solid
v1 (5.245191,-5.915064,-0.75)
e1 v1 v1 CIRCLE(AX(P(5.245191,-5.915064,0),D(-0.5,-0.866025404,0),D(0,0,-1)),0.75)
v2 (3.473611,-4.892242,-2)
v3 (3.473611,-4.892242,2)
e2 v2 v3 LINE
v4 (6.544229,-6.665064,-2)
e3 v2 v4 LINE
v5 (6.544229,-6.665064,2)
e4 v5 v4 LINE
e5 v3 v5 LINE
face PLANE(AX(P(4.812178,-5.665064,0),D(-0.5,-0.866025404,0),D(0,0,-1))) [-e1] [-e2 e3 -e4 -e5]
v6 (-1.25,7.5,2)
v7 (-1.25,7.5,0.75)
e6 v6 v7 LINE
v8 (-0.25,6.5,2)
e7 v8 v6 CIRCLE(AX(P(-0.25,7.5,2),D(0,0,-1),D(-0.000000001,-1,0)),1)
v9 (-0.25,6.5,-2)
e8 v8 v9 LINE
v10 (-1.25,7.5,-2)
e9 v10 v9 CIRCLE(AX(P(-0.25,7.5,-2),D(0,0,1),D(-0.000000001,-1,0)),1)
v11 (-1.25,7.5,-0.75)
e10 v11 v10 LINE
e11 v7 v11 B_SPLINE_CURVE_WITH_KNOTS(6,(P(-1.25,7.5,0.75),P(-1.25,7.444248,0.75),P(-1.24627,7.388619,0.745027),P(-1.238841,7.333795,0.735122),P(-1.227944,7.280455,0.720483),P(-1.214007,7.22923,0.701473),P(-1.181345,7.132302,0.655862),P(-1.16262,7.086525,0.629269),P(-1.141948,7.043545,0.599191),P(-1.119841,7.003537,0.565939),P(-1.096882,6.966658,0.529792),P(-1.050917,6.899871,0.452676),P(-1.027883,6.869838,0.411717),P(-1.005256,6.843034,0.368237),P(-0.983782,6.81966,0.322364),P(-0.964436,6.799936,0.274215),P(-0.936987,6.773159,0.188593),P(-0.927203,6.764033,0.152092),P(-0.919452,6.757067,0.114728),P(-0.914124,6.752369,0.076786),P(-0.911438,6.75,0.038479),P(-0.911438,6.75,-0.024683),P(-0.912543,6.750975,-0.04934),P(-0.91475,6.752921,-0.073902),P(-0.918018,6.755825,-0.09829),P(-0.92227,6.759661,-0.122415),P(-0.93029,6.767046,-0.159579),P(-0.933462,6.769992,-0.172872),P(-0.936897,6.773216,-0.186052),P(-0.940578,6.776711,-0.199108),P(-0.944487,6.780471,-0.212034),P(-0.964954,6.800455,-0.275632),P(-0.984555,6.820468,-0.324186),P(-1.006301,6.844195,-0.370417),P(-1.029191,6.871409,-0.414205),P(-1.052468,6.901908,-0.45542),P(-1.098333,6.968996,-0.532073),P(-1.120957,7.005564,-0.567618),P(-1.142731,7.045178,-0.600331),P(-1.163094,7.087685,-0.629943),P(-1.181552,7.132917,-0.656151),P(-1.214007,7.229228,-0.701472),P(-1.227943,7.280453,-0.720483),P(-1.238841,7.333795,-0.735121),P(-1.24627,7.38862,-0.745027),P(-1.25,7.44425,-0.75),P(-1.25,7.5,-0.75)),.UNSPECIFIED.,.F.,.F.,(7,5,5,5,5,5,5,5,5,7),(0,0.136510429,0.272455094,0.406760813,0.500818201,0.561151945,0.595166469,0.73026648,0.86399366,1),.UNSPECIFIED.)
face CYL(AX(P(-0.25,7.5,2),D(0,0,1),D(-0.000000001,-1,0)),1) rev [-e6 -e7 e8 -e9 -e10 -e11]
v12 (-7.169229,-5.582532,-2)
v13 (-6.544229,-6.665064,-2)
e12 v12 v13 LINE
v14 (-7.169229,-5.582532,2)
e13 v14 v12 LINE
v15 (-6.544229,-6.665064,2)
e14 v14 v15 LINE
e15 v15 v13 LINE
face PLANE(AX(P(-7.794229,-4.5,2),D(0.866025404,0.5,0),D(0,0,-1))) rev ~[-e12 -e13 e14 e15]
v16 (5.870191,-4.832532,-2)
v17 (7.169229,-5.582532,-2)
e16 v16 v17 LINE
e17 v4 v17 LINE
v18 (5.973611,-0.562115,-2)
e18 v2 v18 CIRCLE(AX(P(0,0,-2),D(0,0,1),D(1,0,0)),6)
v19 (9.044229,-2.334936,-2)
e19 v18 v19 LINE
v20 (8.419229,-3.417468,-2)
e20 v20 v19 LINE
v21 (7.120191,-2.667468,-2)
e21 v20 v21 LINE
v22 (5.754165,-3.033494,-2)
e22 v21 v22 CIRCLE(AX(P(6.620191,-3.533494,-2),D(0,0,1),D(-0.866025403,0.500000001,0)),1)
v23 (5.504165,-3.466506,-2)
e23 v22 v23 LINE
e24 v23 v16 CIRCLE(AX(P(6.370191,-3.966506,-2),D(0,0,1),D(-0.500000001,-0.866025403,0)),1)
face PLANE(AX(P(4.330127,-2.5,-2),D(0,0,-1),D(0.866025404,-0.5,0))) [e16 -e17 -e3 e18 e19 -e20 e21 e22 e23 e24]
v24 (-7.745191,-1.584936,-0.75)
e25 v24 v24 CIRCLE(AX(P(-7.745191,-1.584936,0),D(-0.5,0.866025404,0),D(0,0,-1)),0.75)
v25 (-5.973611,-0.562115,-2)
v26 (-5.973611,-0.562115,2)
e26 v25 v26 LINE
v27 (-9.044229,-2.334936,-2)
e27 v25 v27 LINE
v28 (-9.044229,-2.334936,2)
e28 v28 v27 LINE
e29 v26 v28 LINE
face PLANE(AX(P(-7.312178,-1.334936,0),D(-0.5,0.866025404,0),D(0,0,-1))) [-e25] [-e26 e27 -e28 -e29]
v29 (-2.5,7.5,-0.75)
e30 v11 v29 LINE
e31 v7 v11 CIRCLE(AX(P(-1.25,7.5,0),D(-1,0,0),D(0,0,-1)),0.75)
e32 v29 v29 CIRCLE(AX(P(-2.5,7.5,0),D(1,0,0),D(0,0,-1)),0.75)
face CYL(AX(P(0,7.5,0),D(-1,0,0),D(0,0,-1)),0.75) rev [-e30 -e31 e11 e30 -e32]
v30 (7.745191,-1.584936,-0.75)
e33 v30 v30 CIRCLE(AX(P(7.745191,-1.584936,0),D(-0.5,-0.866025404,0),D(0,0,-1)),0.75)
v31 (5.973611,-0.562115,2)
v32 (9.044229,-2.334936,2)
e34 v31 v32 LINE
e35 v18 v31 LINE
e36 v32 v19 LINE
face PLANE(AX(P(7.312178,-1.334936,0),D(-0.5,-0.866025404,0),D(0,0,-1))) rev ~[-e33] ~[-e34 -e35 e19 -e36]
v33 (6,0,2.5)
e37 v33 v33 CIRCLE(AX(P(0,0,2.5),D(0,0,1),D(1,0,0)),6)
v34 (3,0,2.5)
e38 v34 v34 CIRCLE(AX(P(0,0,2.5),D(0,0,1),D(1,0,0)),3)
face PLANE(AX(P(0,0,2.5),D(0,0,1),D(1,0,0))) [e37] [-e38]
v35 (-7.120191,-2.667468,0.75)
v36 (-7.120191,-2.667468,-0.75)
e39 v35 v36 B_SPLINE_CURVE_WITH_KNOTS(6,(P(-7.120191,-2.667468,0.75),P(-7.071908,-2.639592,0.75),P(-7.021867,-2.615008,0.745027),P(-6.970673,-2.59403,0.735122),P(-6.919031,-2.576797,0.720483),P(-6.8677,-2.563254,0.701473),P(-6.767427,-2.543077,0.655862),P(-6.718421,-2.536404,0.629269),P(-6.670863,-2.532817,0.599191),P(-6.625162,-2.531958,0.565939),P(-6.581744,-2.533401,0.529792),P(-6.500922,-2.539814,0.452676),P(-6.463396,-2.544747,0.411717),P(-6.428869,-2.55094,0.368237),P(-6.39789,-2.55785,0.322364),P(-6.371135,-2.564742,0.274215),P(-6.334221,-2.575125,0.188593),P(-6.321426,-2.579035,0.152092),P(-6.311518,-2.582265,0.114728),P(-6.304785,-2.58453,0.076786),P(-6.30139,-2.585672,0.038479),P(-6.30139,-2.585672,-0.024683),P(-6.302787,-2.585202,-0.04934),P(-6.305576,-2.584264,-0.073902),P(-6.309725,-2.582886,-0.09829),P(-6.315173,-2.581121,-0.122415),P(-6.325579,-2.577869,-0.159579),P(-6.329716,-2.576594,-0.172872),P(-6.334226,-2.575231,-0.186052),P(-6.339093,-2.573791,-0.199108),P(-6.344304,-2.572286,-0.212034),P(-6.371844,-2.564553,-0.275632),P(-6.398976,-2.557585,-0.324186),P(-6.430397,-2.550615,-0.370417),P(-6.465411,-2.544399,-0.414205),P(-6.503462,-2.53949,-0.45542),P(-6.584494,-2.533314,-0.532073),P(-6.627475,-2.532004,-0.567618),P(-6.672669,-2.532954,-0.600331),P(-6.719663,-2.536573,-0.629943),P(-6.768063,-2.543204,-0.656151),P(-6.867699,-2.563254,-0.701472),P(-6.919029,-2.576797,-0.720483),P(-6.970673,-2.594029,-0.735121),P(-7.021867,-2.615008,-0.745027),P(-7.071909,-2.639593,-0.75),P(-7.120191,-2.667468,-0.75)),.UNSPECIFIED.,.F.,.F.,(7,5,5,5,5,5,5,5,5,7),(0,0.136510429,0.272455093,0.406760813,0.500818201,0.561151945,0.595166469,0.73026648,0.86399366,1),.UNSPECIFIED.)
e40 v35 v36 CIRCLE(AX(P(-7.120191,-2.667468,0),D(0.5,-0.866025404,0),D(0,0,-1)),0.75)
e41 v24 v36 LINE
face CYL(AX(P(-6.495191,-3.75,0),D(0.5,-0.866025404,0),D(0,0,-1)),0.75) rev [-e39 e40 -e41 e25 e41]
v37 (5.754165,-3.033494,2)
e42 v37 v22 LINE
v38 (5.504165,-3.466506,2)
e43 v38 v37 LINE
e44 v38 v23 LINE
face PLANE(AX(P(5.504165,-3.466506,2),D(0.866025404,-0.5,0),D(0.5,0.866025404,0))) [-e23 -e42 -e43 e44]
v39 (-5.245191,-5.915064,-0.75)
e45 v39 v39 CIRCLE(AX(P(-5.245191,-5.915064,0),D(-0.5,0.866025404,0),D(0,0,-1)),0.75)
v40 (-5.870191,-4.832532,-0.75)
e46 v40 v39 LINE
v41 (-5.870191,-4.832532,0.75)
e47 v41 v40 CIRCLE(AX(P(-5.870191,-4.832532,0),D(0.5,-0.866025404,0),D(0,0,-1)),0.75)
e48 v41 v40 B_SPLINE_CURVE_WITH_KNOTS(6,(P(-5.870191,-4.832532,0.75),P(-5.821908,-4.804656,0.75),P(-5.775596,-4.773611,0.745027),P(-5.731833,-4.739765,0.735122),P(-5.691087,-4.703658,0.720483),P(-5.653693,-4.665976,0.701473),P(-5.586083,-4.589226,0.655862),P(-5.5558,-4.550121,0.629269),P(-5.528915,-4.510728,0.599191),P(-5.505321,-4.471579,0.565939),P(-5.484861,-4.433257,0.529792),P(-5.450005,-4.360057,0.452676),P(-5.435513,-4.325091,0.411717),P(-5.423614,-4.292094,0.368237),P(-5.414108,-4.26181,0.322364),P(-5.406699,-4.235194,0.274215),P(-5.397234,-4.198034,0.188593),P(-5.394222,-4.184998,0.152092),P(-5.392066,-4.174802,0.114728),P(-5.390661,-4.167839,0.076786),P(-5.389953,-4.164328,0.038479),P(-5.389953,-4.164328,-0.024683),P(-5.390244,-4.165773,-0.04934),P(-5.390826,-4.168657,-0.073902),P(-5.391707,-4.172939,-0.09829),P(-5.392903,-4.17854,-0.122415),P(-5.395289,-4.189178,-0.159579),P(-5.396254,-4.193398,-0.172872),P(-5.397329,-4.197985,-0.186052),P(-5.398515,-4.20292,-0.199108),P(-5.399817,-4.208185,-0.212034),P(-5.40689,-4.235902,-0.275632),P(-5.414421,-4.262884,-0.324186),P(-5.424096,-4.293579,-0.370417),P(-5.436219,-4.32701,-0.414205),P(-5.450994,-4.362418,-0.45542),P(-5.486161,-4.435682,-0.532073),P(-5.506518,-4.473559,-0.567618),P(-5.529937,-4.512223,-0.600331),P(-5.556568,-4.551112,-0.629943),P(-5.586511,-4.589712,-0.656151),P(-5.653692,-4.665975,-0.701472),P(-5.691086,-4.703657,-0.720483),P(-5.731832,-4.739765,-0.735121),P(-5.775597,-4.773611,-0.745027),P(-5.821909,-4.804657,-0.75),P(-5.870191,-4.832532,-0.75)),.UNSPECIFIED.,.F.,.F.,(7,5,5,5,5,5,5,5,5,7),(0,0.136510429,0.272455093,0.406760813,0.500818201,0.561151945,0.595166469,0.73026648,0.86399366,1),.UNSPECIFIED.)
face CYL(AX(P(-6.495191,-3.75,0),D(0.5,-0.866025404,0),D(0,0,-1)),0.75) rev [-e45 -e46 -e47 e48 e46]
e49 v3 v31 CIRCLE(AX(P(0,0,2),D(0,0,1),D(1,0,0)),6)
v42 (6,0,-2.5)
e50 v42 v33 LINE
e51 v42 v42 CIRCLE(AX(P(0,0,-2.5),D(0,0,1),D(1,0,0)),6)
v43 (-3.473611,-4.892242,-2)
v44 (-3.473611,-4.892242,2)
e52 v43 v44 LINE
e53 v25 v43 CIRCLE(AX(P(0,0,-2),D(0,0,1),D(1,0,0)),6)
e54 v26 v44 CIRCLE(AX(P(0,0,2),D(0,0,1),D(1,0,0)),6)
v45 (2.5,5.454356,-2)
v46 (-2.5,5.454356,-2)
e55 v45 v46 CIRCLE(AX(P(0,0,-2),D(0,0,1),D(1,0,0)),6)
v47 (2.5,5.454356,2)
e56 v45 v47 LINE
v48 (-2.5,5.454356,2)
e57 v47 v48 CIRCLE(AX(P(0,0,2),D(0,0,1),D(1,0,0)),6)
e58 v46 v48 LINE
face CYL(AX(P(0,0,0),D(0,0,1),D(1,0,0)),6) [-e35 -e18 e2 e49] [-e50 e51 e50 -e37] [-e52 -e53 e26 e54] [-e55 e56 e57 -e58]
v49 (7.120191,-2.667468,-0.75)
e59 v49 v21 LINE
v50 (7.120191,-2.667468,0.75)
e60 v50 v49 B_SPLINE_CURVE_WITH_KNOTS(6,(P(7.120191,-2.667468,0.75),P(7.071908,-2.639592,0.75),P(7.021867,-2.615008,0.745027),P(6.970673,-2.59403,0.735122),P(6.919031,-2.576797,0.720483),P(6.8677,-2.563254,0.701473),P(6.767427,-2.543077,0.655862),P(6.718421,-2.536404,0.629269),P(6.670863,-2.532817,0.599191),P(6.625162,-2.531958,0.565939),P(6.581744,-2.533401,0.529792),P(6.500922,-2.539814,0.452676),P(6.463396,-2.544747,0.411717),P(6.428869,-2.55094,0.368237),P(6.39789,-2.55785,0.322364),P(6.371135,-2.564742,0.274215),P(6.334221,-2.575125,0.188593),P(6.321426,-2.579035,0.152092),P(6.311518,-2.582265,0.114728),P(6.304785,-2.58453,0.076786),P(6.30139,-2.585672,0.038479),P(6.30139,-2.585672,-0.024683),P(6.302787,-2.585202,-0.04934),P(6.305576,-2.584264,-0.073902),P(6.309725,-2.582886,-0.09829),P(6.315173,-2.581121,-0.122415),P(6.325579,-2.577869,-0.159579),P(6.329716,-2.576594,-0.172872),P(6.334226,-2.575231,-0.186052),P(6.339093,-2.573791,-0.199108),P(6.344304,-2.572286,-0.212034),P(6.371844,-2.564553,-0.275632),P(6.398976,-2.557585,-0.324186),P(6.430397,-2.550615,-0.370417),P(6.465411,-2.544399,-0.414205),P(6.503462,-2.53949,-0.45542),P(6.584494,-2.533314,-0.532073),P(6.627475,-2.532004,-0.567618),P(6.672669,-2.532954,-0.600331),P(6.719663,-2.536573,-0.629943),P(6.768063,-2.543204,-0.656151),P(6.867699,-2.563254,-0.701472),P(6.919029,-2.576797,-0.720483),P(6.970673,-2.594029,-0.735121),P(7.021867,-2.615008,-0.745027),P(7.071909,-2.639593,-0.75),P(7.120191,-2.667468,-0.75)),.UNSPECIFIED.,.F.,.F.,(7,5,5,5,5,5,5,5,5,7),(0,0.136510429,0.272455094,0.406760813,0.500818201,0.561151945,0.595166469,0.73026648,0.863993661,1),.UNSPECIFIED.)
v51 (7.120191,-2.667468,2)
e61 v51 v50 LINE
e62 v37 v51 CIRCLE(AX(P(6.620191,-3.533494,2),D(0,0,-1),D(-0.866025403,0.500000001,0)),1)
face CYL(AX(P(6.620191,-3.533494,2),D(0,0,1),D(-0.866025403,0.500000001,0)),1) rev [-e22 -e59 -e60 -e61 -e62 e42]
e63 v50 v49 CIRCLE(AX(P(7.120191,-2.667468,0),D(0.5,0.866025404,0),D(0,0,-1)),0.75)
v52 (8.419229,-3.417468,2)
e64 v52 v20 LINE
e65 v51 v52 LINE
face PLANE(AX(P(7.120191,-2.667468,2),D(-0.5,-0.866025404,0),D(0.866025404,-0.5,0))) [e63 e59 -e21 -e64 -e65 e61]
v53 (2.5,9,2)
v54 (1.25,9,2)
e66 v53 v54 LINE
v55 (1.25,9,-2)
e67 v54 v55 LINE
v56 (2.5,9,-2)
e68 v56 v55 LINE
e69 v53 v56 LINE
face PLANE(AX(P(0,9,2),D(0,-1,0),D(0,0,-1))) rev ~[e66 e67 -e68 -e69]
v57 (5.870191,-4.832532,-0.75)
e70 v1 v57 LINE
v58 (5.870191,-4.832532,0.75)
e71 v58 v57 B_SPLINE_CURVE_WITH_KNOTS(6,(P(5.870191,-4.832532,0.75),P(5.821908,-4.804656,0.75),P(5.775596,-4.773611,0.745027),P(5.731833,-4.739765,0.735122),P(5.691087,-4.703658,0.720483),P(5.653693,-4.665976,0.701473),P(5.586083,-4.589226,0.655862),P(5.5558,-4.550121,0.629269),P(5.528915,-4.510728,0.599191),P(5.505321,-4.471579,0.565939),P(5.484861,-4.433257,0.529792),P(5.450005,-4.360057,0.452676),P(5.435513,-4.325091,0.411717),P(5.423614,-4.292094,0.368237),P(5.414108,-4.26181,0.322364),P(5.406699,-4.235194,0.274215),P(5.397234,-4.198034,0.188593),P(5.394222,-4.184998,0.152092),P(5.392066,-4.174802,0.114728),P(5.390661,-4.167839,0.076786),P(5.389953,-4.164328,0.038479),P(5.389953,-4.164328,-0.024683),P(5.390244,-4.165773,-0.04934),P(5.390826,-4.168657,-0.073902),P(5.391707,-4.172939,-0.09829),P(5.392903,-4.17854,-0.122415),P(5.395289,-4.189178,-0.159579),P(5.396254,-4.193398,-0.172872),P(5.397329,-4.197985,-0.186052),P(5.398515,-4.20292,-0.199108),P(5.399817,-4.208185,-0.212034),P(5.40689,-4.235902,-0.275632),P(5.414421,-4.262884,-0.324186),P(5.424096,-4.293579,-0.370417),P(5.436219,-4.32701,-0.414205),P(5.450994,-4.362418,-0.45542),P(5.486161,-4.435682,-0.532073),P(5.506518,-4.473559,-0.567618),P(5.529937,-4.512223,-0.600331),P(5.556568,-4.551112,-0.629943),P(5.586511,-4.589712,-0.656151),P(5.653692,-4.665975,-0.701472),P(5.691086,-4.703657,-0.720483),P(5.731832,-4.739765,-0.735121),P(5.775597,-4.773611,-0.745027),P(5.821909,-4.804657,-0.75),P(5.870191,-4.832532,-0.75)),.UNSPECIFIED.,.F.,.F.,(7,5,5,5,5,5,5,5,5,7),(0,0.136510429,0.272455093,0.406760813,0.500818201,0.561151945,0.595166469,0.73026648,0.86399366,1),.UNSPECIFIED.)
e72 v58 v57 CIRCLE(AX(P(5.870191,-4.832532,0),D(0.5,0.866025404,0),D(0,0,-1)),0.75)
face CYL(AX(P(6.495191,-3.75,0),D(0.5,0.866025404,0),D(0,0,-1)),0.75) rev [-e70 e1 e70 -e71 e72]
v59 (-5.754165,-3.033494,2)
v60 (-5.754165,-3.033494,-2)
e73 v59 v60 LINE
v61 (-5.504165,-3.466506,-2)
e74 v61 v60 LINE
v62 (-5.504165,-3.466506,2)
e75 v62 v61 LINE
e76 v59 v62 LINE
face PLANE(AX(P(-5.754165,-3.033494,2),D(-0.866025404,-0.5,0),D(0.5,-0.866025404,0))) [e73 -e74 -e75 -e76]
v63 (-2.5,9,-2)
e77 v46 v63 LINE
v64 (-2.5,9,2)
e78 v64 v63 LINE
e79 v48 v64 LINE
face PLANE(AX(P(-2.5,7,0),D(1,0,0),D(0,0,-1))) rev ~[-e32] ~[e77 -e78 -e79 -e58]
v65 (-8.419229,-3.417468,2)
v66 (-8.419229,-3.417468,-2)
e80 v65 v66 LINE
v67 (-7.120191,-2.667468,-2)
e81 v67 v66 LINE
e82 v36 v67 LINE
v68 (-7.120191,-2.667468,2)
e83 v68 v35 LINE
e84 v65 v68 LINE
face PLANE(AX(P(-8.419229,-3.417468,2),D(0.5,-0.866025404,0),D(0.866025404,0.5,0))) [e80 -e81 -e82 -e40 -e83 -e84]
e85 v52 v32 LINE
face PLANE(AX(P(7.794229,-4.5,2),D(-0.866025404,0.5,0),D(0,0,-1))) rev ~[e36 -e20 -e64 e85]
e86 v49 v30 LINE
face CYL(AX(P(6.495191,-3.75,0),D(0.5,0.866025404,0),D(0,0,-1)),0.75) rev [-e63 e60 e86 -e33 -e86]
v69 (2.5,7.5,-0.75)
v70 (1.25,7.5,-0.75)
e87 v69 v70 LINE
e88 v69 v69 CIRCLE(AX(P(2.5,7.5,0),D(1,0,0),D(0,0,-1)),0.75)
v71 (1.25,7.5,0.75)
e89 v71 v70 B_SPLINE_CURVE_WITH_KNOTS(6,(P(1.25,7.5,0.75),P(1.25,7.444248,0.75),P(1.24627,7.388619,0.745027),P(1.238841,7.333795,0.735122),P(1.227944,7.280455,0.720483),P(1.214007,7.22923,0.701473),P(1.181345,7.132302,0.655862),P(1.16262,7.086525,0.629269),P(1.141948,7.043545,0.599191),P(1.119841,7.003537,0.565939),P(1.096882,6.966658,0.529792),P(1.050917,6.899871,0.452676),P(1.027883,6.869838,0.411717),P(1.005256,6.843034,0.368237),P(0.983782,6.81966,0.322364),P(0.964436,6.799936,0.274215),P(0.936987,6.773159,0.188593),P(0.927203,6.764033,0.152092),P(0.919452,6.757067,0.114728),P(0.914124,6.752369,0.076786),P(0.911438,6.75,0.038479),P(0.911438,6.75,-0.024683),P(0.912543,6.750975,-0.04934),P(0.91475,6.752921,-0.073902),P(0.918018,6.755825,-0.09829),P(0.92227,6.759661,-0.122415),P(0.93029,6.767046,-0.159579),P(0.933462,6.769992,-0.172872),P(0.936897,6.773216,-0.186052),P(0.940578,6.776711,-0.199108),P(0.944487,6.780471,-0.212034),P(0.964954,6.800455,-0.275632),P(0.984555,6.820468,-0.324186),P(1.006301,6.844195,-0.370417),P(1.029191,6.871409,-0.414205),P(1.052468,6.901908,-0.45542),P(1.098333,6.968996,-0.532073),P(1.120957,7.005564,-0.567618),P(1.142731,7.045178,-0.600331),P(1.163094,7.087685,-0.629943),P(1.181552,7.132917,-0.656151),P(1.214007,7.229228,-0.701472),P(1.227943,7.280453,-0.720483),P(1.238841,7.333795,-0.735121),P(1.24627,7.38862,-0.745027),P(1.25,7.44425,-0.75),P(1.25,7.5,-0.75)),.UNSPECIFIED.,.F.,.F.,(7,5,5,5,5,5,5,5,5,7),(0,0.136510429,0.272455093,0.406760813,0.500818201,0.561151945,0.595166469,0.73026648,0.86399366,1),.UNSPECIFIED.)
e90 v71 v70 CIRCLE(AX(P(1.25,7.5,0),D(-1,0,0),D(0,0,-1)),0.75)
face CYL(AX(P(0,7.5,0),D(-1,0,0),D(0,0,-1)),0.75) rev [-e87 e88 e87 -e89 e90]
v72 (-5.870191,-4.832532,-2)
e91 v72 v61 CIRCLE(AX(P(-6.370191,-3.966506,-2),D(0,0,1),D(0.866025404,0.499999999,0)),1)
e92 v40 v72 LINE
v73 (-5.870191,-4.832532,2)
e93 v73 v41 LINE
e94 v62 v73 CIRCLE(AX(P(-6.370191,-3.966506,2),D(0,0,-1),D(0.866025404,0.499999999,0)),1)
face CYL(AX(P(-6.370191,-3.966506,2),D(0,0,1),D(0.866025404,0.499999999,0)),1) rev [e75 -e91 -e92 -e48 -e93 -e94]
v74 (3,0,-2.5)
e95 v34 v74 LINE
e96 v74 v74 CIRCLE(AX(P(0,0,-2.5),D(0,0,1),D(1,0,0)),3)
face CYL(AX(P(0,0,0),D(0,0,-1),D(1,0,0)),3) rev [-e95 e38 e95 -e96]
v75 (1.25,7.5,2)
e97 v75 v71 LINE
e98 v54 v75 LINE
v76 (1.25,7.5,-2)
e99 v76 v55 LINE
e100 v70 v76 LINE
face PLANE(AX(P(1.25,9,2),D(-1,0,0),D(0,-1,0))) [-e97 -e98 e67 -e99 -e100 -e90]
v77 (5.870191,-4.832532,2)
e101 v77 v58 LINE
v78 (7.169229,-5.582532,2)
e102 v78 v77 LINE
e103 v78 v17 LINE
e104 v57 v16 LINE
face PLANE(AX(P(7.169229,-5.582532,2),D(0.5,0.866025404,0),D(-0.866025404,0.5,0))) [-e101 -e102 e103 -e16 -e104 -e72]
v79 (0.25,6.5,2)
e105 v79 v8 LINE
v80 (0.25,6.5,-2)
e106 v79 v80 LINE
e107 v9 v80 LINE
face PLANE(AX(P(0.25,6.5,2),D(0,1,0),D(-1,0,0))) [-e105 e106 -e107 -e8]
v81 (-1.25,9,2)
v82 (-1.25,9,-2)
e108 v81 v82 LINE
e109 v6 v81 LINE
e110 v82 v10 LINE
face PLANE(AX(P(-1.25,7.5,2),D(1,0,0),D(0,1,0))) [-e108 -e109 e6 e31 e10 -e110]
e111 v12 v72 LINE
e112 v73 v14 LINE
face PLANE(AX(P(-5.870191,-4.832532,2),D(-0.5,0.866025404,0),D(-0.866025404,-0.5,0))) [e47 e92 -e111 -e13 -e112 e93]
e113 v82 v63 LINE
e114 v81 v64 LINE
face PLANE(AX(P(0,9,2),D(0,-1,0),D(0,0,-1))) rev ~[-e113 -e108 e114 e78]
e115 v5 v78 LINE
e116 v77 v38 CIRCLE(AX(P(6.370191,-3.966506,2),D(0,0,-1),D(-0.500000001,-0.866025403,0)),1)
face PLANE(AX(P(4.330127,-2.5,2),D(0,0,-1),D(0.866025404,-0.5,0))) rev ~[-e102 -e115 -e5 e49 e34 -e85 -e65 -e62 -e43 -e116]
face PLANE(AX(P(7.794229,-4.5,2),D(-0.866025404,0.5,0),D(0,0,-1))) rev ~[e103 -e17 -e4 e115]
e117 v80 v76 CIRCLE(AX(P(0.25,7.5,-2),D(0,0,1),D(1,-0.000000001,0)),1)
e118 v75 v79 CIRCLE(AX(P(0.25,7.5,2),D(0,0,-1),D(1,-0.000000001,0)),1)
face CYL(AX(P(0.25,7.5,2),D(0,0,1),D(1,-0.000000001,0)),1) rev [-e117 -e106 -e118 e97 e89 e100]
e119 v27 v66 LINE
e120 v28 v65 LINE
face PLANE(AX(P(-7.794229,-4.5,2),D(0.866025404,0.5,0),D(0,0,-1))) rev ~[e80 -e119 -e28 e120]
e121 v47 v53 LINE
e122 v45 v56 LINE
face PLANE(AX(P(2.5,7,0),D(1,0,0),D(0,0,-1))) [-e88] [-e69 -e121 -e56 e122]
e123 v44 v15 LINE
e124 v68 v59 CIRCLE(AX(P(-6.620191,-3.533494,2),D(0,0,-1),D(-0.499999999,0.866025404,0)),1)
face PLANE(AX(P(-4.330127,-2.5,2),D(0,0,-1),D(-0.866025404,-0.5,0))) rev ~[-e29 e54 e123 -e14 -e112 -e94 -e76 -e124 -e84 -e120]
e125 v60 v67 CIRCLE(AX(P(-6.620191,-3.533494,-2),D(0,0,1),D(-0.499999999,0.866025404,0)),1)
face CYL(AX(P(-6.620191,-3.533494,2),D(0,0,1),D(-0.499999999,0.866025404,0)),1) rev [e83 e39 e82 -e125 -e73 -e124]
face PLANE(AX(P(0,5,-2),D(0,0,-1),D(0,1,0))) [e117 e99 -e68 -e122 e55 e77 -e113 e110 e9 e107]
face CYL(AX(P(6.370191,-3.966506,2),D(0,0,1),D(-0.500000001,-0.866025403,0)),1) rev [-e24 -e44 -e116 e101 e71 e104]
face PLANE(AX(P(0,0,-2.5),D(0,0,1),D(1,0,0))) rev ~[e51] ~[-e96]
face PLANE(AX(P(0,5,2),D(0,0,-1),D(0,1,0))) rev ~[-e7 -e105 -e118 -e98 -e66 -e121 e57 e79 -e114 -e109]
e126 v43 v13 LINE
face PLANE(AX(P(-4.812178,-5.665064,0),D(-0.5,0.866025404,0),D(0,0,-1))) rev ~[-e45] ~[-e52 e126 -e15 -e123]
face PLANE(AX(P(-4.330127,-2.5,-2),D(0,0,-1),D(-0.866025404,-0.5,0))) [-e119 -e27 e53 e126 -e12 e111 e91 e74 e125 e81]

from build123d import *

# Parameters (mm, degrees)
CROQUIS1_R              = 6
CROQUIS1_R_2            = 3
SALIENTE_EXTRUIR1_DEPTH = 2.5
CROQUIS3_W              = 4
CROQUIS3_H              = 4
CROQUIS3_R              = 0.75
SALIENTE_EXTRUIR2_DEPTH = 2.5
CORTAR_EXTRUIR1_DEPTH   = 5
MATRIZC1_COUNT          = 3


with BuildPart() as part:
    # Croquis1 → Saliente-Extruir1 (new, symmetric)
    with BuildSketch(Plane.XY):
        Circle(CROQUIS1_R)
        Circle(CROQUIS1_R_2, mode=Mode.SUBTRACT)
    extrude(amount=SALIENTE_EXTRUIR1_DEPTH, both=True)

    # Croquis3 → Saliente-Extruir2 (add, symmetric)
    with BuildSketch(Plane(origin=(0, 0, 0), x_dir=(0, 0, -1), z_dir=(1, 0, 0))):
        with Locations((0, 7)):
            Rectangle(CROQUIS3_W, CROQUIS3_H)
        with Locations((0, 7.5)):
            Circle(CROQUIS3_R, mode=Mode.SUBTRACT)
    saliente_extruir2 = extrude(amount=SALIENTE_EXTRUIR2_DEPTH, both=True)

    # Croquis4 → Cortar-Extruir1 (cut)
    with BuildSketch(Plane.XY.offset(2)):
        with BuildLine():
            Line((-1.25, 9), (1.25, 9))
            Line((1.25, 9), (1.25, 7.5))
            ThreePointArc((1.25, 7.5), (0.957106781, 6.792893219), (0.25, 6.5))
            Line((0.25, 6.5), (-0.25, 6.5))
            ThreePointArc((-0.25, 6.5), (-0.957106781, 6.792893219), (-1.25, 7.5))
            Line((-1.25, 7.5), (-1.25, 9))
        make_face()
    cortar_extruir1 = extrude(amount=-CORTAR_EXTRUIR1_DEPTH, mode=Mode.SUBTRACT)

    # MatrizC1: Saliente-Extruir2, Cortar-Extruir1 ×3 about axis
    matrizc1_axis = Axis((0, 0, 0), (0, 0, 1))
    add([saliente_extruir2.rotate(matrizc1_axis, i * 360 / MATRIZC1_COUNT) for i in range(1, MATRIZC1_COUNT)])
    add([cortar_extruir1.rotate(matrizc1_axis, i * 360 / MATRIZC1_COUNT) for i in range(1, MATRIZC1_COUNT)], mode=Mode.SUBTRACT)


solid = part.part
